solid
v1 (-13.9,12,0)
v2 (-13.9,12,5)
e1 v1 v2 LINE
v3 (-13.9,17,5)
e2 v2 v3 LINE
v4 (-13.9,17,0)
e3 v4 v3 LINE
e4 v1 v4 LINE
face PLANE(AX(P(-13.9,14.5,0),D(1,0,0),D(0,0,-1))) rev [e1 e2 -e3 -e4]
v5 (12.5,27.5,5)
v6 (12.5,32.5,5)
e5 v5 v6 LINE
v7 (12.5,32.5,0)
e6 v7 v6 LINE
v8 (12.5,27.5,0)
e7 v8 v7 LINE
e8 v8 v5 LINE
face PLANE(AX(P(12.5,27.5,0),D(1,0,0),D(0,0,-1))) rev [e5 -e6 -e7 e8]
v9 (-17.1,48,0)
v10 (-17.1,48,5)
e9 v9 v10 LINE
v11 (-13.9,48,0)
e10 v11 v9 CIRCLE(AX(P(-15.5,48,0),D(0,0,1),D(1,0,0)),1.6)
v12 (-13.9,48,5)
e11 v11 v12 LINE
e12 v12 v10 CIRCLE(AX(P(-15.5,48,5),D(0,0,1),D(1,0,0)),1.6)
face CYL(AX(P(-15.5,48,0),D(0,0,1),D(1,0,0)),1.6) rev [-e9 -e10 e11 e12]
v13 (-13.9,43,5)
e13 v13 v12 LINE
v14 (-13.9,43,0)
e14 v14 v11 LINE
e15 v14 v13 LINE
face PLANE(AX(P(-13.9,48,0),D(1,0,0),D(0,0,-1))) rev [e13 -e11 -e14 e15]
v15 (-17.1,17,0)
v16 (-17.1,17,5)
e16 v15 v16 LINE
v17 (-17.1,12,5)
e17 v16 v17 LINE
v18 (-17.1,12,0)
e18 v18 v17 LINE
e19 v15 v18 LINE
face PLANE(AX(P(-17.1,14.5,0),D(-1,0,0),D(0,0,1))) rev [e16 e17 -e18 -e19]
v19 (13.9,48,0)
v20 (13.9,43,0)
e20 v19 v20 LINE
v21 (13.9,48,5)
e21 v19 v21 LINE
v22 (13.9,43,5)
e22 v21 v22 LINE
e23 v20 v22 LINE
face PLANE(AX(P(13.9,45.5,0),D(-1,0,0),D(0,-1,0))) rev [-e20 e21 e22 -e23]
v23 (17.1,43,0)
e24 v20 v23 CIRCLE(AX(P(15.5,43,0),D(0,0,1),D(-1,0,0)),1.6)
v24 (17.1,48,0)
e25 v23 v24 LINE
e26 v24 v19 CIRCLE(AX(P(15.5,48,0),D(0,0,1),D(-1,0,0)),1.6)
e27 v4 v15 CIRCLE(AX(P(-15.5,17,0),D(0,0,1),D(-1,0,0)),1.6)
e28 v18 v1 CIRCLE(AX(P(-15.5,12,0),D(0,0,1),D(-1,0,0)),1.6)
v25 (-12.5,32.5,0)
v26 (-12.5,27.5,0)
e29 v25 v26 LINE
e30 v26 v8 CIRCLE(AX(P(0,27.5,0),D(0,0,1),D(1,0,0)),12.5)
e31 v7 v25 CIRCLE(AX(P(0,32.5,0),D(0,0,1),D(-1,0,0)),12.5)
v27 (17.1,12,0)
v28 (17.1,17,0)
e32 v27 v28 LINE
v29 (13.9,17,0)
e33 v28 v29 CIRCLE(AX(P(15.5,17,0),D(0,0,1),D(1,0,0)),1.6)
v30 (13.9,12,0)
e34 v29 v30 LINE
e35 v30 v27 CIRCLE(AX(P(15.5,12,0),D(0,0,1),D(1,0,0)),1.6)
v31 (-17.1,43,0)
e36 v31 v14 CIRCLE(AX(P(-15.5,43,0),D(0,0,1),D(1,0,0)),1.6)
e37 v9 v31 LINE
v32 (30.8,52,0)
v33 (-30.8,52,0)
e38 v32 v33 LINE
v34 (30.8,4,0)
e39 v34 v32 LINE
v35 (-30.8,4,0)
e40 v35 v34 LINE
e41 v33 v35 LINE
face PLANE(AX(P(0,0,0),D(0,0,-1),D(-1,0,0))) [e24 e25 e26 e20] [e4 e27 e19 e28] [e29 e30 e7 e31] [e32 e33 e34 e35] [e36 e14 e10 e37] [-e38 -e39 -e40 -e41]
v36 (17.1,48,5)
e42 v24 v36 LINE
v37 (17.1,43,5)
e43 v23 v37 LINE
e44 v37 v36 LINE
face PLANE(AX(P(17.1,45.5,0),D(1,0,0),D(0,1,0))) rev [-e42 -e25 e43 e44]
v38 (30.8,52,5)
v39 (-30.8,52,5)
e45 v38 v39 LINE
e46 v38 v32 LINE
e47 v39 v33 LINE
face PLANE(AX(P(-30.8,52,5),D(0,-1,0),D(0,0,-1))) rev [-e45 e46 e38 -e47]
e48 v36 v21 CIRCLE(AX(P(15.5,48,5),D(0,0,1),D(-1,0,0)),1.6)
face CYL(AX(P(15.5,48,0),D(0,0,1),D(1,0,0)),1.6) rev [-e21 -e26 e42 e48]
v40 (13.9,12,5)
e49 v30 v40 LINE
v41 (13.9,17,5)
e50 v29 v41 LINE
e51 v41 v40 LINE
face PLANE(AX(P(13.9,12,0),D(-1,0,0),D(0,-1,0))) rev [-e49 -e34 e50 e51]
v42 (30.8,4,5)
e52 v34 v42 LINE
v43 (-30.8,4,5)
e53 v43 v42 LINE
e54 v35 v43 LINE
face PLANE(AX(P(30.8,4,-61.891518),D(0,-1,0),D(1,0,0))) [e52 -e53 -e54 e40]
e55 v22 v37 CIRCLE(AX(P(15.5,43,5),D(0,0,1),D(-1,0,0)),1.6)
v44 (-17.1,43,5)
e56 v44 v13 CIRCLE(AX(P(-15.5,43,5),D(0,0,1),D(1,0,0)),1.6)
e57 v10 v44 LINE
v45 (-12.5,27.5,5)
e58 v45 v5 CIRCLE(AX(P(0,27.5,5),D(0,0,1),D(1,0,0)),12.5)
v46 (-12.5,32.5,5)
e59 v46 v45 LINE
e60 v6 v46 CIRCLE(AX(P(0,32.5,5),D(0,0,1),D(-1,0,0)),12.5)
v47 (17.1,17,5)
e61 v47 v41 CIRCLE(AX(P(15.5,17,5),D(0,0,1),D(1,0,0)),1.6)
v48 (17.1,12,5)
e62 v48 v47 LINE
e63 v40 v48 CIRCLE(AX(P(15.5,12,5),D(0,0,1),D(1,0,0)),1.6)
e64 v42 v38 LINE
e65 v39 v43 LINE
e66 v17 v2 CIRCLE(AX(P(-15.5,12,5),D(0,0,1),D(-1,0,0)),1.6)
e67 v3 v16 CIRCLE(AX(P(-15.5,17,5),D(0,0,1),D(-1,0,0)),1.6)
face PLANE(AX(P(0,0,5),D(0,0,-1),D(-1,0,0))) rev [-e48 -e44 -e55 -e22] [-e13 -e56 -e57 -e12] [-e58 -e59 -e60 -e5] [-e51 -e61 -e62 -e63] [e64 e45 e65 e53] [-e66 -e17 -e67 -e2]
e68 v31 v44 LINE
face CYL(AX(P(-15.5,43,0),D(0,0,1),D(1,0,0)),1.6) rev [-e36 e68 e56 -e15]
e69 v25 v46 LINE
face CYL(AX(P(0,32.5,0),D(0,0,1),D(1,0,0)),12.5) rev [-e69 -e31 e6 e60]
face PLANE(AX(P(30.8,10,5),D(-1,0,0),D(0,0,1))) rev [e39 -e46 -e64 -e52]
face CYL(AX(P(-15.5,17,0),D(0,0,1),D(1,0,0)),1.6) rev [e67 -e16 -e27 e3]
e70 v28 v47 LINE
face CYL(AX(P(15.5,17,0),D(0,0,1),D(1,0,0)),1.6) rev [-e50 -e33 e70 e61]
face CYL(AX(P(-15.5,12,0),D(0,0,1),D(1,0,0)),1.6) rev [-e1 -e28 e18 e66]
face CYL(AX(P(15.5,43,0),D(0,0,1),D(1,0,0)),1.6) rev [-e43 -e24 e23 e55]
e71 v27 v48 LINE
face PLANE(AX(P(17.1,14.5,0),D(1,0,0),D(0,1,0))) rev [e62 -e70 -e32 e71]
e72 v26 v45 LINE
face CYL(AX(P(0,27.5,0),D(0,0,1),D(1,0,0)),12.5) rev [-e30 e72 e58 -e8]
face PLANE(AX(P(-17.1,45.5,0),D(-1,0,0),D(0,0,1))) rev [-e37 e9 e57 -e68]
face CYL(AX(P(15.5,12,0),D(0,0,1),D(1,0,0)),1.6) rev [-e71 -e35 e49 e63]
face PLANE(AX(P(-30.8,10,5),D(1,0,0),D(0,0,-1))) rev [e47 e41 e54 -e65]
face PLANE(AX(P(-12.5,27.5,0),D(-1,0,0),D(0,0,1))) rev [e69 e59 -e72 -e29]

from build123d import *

# Parameters (mm, degrees)
SKETCH1_W           = 61.6
SKETCH1_H           = 42
BOSS_EXTRUDE1_DEPTH = 5
CUT_EXTRUDE1_DEPTH  = 5
SKETCH3_W           = 61.6
SKETCH3_H           = 6
BOSS_EXTRUDE2_DEPTH = 5


with BuildPart() as part:
    # Sketch1 → Boss-Extrude1 (new body)
    with BuildSketch(Plane.XY):
        with Locations((0, 31)):
            Rectangle(SKETCH1_W, SKETCH1_H)
    extrude(amount=BOSS_EXTRUDE1_DEPTH)

    # Sketch2 → Cut-Extrude1 (cut)
    with BuildSketch(Plane.XY.offset(5)):
        with BuildLine():
            Line((-12.5, 27.5), (-12.5, 32.5))
            ThreePointArc((-12.5, 32.5), (0, 45), (12.5, 32.5))
            Line((12.5, 32.5), (12.5, 27.5))
            ThreePointArc((12.5, 27.5), (0, 15), (-12.5, 27.5))
        make_face()
        with BuildLine():
            Line((-17.1, 45.5), (-17.1, 48))
            ThreePointArc((-17.1, 48), (-15.5, 49.6), (-13.9, 48))
            Line((-13.9, 48), (-13.9, 45.5))
            Line((-13.9, 45.5), (-13.9, 43))
            ThreePointArc((-13.9, 43), (-15.5, 41.4), (-17.1, 43))
            Line((-17.1, 43), (-17.1, 45.5))
        make_face()
        with BuildLine():
            Line((-17.1, 14.5), (-17.1, 12))
            ThreePointArc((-17.1, 12), (-15.5, 10.4), (-13.9, 12))
            Line((-13.9, 12), (-13.9, 14.5))
            Line((-13.9, 14.5), (-13.9, 17))
            ThreePointArc((-13.9, 17), (-15.5, 18.6), (-17.1, 17))
            Line((-17.1, 17), (-17.1, 14.5))
        make_face()
        with BuildLine():
            Line((13.9, 12), (13.9, 14.5))
            Line((13.9, 14.5), (13.9, 17))
            ThreePointArc((13.9, 17), (15.5, 18.6), (17.1, 17))
            Line((17.1, 17), (17.1, 14.5))
            Line((17.1, 14.5), (17.1, 12))
            ThreePointArc((17.1, 12), (15.5, 10.4), (13.9, 12))
        make_face()
        with BuildLine():
            Line((17.1, 45.5), (17.1, 48))
            ThreePointArc((17.1, 48), (15.5, 49.6), (13.9, 48))
            Line((13.9, 48), (13.9, 45.5))
            Line((13.9, 45.5), (13.9, 43))
            ThreePointArc((13.9, 43), (15.5, 41.4), (17.1, 43))
            Line((17.1, 43), (17.1, 45.5))
        make_face()
    extrude(amount=-CUT_EXTRUDE1_DEPTH, mode=Mode.SUBTRACT)

    # Sketch3 → Boss-Extrude2 (add)
    with BuildSketch(Plane.XY.offset(5)):
        with Locations((0, 7)):
            Rectangle(SKETCH3_W, SKETCH3_H)
    extrude(amount=-BOSS_EXTRUDE2_DEPTH)


solid = part.part
